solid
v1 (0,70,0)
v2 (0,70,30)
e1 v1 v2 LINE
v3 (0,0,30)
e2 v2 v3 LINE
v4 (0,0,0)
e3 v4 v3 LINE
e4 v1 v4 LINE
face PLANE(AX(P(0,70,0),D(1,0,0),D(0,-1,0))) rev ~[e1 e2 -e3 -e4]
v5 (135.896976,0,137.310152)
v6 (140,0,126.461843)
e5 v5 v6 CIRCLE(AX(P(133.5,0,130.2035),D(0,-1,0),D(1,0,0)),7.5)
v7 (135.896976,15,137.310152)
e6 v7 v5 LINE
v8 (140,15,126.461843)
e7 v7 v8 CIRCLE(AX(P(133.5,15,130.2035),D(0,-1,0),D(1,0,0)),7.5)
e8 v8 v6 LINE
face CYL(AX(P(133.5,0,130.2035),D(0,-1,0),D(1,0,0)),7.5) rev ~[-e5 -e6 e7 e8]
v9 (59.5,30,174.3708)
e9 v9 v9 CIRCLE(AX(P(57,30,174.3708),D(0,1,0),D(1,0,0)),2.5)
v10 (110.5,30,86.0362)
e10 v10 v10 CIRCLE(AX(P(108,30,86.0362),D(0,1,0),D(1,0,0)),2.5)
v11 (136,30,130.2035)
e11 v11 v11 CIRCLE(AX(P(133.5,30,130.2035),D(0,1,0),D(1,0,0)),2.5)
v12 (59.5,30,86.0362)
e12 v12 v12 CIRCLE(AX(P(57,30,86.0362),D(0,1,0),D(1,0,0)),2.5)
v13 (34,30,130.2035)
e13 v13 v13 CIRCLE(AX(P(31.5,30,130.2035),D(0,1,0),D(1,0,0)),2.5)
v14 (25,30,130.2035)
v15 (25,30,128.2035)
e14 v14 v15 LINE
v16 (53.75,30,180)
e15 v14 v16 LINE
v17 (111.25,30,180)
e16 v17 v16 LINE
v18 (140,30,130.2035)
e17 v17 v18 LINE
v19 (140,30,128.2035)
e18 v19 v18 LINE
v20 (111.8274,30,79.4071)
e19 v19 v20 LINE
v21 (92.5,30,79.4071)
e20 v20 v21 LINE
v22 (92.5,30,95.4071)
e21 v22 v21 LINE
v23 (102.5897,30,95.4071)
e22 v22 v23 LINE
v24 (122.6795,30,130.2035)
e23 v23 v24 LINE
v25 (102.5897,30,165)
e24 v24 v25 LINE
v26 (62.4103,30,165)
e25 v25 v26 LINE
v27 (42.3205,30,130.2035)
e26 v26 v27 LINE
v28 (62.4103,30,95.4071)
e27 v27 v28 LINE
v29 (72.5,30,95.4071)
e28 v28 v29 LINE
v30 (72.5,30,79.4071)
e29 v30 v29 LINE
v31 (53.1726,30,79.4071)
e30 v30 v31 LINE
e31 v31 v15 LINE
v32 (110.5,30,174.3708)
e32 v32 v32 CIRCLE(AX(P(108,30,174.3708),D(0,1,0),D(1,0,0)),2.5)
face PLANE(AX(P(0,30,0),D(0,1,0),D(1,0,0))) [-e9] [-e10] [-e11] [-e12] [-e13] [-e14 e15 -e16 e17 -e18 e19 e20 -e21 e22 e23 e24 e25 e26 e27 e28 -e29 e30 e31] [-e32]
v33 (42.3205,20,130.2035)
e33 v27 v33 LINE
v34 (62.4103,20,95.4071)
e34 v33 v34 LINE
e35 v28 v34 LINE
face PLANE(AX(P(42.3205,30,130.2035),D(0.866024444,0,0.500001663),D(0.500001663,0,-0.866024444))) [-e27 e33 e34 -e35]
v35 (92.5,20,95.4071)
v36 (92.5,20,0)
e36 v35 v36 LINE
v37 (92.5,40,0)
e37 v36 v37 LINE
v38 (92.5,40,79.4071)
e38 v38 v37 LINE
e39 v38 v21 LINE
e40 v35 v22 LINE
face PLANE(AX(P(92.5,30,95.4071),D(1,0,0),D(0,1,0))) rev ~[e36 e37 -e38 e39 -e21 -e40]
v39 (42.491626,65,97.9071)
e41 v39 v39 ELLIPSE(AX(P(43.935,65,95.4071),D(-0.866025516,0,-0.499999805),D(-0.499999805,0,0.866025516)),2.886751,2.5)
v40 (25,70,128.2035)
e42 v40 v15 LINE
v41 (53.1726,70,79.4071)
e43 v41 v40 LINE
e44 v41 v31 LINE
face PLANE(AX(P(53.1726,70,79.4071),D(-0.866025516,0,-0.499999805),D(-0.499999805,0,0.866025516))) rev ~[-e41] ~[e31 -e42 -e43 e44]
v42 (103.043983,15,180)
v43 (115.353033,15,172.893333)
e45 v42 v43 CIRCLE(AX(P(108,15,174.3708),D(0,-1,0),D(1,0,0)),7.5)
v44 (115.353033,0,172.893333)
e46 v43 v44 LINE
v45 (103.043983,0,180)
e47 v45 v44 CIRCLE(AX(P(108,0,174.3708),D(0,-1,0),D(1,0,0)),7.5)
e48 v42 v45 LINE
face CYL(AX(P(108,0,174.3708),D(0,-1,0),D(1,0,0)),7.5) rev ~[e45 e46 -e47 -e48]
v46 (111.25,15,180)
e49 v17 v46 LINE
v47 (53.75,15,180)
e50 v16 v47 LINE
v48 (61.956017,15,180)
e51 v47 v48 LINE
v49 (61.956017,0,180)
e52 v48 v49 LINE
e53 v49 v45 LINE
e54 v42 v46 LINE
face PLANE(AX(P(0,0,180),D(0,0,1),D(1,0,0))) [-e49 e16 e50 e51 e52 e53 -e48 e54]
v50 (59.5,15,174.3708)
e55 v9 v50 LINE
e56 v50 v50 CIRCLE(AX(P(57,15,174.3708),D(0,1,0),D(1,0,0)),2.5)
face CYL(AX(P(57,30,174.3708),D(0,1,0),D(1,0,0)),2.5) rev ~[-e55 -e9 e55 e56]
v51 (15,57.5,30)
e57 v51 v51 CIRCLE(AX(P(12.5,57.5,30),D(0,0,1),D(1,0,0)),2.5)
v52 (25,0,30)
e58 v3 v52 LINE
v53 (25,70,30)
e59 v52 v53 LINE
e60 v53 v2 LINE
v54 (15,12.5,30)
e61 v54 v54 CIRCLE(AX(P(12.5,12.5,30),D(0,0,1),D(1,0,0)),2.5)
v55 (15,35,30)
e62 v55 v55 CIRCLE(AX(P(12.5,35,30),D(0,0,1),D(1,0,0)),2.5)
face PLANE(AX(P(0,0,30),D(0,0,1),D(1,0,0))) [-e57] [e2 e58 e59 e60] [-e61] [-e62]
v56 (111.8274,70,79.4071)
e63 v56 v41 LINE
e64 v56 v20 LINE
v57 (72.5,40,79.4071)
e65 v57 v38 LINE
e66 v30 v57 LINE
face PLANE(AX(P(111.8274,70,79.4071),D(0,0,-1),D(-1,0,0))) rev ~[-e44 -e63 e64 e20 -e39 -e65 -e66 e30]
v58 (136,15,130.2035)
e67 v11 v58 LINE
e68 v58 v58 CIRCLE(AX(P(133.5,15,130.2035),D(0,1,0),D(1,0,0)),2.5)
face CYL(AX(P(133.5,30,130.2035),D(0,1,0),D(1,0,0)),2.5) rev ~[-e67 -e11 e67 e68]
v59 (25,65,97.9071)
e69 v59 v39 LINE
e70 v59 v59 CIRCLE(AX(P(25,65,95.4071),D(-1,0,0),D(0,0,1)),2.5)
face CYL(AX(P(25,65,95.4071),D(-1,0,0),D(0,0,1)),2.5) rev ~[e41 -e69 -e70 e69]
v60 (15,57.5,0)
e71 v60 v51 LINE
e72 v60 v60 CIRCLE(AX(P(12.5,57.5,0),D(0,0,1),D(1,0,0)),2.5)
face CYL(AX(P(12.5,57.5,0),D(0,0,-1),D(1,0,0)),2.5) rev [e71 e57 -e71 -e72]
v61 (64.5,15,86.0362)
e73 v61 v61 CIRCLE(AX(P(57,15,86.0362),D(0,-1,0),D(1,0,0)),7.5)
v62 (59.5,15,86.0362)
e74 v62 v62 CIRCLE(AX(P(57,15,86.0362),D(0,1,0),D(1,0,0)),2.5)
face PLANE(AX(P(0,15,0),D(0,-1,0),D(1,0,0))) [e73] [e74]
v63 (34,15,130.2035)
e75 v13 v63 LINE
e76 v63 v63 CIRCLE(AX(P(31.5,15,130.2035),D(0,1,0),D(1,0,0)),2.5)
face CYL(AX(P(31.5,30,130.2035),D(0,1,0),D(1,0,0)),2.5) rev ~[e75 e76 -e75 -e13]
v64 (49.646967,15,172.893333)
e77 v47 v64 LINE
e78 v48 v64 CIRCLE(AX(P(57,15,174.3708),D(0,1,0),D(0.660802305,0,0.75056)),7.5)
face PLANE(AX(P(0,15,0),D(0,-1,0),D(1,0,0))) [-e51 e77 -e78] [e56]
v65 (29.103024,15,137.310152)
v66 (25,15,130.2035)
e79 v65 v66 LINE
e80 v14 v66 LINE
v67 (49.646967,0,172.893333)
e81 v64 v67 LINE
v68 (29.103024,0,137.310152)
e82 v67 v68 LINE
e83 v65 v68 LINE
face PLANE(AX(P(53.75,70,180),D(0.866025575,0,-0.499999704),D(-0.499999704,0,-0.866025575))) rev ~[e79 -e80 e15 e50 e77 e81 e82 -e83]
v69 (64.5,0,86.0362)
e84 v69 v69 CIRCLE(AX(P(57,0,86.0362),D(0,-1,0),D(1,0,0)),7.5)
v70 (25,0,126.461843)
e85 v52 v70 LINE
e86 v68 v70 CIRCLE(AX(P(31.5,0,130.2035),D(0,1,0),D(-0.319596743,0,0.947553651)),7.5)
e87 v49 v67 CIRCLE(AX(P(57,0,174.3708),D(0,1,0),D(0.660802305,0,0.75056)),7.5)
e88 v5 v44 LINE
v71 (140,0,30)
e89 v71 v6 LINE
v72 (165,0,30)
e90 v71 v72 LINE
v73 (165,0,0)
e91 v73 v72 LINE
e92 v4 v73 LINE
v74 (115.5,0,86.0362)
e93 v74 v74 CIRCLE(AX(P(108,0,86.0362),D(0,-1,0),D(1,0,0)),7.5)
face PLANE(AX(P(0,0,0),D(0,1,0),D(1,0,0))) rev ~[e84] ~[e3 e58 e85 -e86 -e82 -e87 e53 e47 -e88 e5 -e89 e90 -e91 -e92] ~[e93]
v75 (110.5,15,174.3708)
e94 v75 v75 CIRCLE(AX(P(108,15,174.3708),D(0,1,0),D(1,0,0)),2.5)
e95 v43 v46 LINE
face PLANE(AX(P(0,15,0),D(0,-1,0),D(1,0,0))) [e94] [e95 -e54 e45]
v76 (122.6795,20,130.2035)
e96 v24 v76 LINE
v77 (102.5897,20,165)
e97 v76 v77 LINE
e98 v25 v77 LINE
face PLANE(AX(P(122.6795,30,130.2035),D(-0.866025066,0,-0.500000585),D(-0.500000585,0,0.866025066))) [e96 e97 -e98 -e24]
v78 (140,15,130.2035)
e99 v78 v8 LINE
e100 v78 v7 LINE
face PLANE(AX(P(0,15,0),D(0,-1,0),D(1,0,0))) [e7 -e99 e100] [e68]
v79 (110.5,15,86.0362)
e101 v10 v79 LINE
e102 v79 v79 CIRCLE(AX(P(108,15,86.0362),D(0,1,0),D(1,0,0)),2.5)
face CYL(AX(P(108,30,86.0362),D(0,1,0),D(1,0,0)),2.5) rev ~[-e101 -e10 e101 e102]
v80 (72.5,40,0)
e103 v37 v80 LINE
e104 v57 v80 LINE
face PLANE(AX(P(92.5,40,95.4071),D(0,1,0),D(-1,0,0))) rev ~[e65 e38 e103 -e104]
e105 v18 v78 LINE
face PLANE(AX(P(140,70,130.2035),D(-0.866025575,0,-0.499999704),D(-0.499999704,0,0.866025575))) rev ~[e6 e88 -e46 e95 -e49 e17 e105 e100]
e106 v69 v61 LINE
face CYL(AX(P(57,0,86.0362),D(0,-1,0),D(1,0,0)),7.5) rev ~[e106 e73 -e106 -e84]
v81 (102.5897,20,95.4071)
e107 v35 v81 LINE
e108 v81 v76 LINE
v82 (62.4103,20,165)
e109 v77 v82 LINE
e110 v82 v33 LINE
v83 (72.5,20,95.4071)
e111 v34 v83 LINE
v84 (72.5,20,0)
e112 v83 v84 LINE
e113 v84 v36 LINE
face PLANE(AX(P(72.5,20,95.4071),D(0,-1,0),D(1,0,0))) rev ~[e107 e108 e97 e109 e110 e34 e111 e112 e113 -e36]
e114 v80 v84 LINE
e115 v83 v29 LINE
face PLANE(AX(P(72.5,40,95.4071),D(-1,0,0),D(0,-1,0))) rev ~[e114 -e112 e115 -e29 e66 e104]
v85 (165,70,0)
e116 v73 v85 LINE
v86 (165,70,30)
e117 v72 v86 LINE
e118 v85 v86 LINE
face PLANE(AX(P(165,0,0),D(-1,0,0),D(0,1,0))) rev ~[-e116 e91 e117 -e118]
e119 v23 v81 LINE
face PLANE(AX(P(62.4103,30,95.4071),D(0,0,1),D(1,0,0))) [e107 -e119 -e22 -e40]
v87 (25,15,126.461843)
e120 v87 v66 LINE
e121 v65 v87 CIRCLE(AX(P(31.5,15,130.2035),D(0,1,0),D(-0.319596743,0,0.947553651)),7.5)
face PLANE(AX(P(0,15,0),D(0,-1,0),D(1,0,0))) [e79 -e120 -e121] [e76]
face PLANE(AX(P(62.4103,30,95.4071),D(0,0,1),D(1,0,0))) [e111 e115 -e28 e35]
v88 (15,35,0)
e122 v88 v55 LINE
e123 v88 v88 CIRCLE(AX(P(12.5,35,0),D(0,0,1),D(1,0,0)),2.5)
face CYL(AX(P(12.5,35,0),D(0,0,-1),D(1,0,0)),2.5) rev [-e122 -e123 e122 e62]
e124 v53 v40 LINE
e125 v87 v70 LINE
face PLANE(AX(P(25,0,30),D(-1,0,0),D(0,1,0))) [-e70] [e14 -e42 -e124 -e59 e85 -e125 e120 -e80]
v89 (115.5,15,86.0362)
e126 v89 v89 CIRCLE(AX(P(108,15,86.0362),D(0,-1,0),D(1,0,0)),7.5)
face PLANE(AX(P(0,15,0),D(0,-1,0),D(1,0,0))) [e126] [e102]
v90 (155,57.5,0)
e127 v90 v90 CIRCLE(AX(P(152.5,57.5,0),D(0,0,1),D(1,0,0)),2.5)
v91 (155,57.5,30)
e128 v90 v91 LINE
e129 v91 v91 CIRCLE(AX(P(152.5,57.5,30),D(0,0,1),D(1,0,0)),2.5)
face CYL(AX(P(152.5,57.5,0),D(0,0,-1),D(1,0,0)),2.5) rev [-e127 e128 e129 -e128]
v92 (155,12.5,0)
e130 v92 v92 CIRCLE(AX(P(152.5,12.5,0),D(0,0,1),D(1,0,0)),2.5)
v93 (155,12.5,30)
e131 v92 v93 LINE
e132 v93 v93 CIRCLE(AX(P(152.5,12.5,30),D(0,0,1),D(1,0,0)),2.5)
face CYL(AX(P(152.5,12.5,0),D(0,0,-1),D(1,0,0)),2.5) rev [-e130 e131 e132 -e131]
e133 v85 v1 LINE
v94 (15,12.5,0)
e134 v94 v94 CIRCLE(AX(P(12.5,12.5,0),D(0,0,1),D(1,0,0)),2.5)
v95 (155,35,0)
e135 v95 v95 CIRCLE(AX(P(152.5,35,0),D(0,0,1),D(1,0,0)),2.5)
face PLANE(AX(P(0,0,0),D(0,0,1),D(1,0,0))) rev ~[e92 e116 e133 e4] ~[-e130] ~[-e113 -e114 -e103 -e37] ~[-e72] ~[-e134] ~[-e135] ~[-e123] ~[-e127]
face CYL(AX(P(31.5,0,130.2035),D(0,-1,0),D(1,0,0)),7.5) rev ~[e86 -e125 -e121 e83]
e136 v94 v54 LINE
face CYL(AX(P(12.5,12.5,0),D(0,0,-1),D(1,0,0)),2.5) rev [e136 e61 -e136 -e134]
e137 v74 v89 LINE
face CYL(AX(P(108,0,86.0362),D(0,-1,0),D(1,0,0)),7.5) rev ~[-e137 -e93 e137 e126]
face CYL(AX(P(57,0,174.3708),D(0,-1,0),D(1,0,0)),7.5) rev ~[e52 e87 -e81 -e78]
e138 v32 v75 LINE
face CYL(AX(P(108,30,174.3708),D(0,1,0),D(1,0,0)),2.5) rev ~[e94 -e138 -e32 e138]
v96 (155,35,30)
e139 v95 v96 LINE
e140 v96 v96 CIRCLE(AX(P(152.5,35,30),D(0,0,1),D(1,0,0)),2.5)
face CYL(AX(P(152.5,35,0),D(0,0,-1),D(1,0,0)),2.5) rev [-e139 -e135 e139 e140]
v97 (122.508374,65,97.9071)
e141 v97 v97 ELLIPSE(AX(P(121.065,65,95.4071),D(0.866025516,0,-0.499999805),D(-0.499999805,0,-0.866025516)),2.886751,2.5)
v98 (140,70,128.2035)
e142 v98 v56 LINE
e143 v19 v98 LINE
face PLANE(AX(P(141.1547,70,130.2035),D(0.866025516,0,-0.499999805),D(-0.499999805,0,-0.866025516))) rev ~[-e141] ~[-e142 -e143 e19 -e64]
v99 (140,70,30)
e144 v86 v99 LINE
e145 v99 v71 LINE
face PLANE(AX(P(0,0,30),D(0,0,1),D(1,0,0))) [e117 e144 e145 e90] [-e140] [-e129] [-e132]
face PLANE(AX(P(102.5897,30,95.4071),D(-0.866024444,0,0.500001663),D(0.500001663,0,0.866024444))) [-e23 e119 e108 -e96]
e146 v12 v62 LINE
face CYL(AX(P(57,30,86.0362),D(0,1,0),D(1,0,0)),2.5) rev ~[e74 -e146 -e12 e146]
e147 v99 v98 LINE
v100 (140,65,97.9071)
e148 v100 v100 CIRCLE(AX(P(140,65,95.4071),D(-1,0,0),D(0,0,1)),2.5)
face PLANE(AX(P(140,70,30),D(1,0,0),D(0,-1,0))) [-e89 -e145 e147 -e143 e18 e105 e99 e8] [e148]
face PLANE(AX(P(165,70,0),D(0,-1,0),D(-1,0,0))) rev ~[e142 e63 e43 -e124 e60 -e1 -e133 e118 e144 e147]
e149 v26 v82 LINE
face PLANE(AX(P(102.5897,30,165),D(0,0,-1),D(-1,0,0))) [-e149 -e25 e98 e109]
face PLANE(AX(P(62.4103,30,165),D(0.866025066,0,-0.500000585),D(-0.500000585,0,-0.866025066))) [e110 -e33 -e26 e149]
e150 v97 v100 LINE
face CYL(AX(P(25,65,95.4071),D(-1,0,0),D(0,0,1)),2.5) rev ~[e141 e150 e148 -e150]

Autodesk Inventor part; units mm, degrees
ref_plane "YZ Plane" through (0, 0, 0) normal (1, 0, 0) x (0, 1, 0)
ref_plane "XZ Plane" through (0, 0, 0) normal (0, 1, 0) x (-1, 0, 0)
ref_plane "XY Plane" through (0, 0, 0) normal (0, 0, 1) x (1, 0, 0)
sketch "Sketch24" plane through (0, 0, 0) normal (0, 0, 1) x (1, 0, 0)
  line L0 (0, 0) -> (165, 0)
  line L1 (165, 0) -> (165, 70)
  line L2 (165, 70) -> (0, 70)
  line L3 (0, 70) -> (0, 0)
  circle A0 centre (12.5, 57.5) radius 2.5
  circle A1 centre (12.5, 35) radius 2.5
  circle A2 centre (12.5, 12.5) radius 2.5
  line L4 (12.5, 57.5) -> (12.5, 12.5) construction
  line L5 (82.5, 70) -> (82.5, 0) construction
  circle A3 centre (152.5, 57.5) radius 2.5
  circle A4 centre (152.5, 35) radius 2.5
  circle A5 centre (152.5, 12.5) radius 2.5
  line L6 (152.5, 57.5) -> (152.5, 12.5) construction
  point P0 (0, 35)
  dimension "d100" = 165
  dimension "d101" = 70
  dimension "d102" = 5
  dimension "d103" = 5
  dimension "d104" = 5
  dimension "d105" = 45
  dimension "d106" = 12.5
extrude "Extrusion21" add sketch "Sketch24" along normal blind 30
sketch "Sketch25" plane through (0, 0, 30) normal (0, 0, 1) x (1, 0, 0)
  line L0 (165, 70) -> (0, 70) projected
  line L1 (0, 0) -> (165, 0) projected
  line L2 (25, 70) -> (140, 70)
  line L3 (140, 70) -> (140, 0)
  line L4 (140, 0) -> (25, 0)
  line L5 (25, 0) -> (25, 70)
  point P0 (82.5, 70)
  dimension "d109" = 115
extrude "Extrusion22" add sketch "Sketch25" along normal blind 150
sketch "Sketch26" plane through (0, 70, 0) normal (0, 1, 0) x (1, 0, 0)
  line L0 (25, -30) -> (25, -180) projected
  line L1 (25, -130.2035) -> (53.75, -80.4071)
  line L2 (53.75, -80.4071) -> (111.25, -80.4071)
  line L3 (111.25, -80.4071) -> (140, -130.2035)
  line L4 (140, -130.2035) -> (111.25, -180)
  line L5 (111.25, -180) -> (53.75, -180)
  line L6 (53.75, -180) -> (25, -130.2035)
  line L7 (140, -30) -> (140, -180) projected
  line L8 (140, -180) -> (25, -180) projected
  point P0 (0, 0)
  point P1 (82.5, -130.2035)
  point P2 (82.5, -180)
extrude "Extrusion23" cut sketch "Sketch26" against normal through all contours L6 L8 L0 | L4 L7 L8
sketch "Sketch27" plane through (0, 70, 0) normal (0, 1, 0) x (1, 0, 0)
  line L0 (25, -130.2035) -> (53.75, -180) projected
  line L1 (111.25, -180) -> (53.75, -180) projected
  line L2 (111.25, -180) -> (140, -130.2035) projected
  line L3 (53.75, -180) -> (25, -130.2035)
  line L4 (25, -130.2035) -> (53.75, -80.4071)
  line L5 (53.75, -80.4071) -> (111.25, -80.4071)
  line L6 (111.25, -80.4071) -> (140, -130.2035)
  line L7 (140, -130.2035) -> (111.25, -180)
  line L8 (111.25, -180) -> (53.75, -180)
  line L9 (53.1726, -79.4071) -> (23.8453, -130.2035)
  line L10 (23.8453, -130.2035) -> (53.1726, -181)
  line L11 (53.1726, -181) -> (111.8274, -181)
  line L12 (111.8274, -181) -> (141.1547, -130.2035)
  line L13 (141.1547, -130.2035) -> (111.8274, -79.4071)
  line L14 (111.8274, -79.4071) -> (53.1726, -79.4071)
  point P0 (0, 0)
  point P1 (82.5, -130.2035)
  dimension "d114" = 1
extrude "Extrusion24" cut sketch "Sketch27" against normal blind 40 contours L4 L5 L6 L2 L1 L0 | L14 L13 L12 L11 L10 L9
sketch "Sketch28" plane through (0, 30, 0) normal (0, 1, 0) x (1, 0, 0)
  circle A0 centre (31.5, -130.2035) radius 2.5
  line L0 (53.75, -180) -> (25, -130.2035) projected
  line L1 (140, -128.2035) -> (140, -130.2035) construction
  line L2 (25, -130.2035) -> (140, -130.2035) construction
  circle A1 centre (82.5, -130.2035) radius 2.5 construction
  circle A2 centre (133.5, -130.2035) radius 2.5 construction
  line L3 (31.5, -130.2035) -> (133.5, -130.2035) construction
  circle A3 centre (57, -174.3708) radius 2.5
  circle A4 centre (108, -174.3708) radius 2.5
  circle A5 centre (133.5, -130.2035) radius 2.5
  circle A6 centre (108, -86.0362) radius 2.5
  circle A7 centre (57, -86.0362) radius 2.5
  point P0 (0, 0)
  dimension "d117" = 5
  dimension "d118" = 5
  dimension "d119" = 5
  dimension "d120" = 102
  dimension "d123" = 360
extrude "Extrusion25" cut sketch "Sketch28" against normal through all
sketch "Sketch29" plane through (0, 0, 0) normal (0, -1, 0) x (1, 0, 0)
  circle A0 centre (57, 174.3708) radius 2.5 construction
  circle A1 centre (108, 86.0362) radius 2.5 construction
  line L0 (57, 174.3708) -> (108, 86.0362) construction
  circle A2 centre (57, 174.3708) radius 7.5
  line L1 (31.5, 130.2035) -> (133.5, 130.2035) construction
  circle A3 centre (31.5, 130.2035) radius 7.5
  line L2 (57, 86.0362) -> (108, 174.3708) construction
  circle A4 centre (57, 86.0362) radius 7.5
  line L3 (108, 86.0362) -> (57, 174.3708) construction
  circle A5 centre (108, 86.0362) radius 7.5
  line L4 (133.5, 130.2035) -> (31.5, 130.2035) construction
  circle A6 centre (133.5, 130.2035) radius 7.5
  line L5 (108, 174.3708) -> (57, 86.0362) construction
  circle A7 centre (108, 174.3708) radius 7.5
  point P0 (0, 0)
  point P1 (82.5, 130.2035)
  point P2 (82.5, 130.2035)
  point P3 (82.5, 130.2035)
  point P4 (82.5, 130.2035)
  point P5 (82.5, 130.2035)
  point P6 (82.5, 130.2035)
  dimension "d127" = 15
  dimension "d130" = 360
extrude "Extrusion26" cut sketch "Sketch29" against normal blind 15
sketch "Sketch30" plane through (0, 30, 0) normal (0, 1, 0) x (1, 0, 0)
  line L0 (53.75, -180) -> (25, -130.2035) construction
  line L1 (111.25, -180) -> (53.75, -180) construction
  line L2 (140, -130.2035) -> (111.25, -180) construction
  circle A0 centre (133.5, -130.2035) radius 2.5 construction
  circle A1 centre (31.5, -130.2035) radius 2.5 construction
  circle A2 centre (133.5, -130.2035) radius 2.5 construction
  line L3 (31.5, -130.2035) -> (133.5, -130.2035) construction
  line L4 (102.5897, -165) -> (62.4103, -165)
  line L5 (62.4103, -165) -> (42.3205, -130.2035)
  line L6 (42.3205, -130.2035) -> (62.4103, -95.4071)
  line L7 (62.4103, -95.4071) -> (102.5897, -95.4071)
  line L8 (102.5897, -95.4071) -> (122.6795, -130.2035)
  line L9 (122.6795, -130.2035) -> (102.5897, -165)
  point P0 (0, 0)
  point P1 (82.5, -130.2035)
  point P2 (82.5, -130.2035)
  dimension "d134" = 15
extrude "Extrusion27" cut sketch "Sketch30" against normal blind 10
sketch "Sketch31" plane through (62.4103, 30, 95.4071) normal (0, 0, 1) x (1, 0, 0)
  line L0 (-9.2376, 40) -> (49.4171, 40) projected
  line L1 (-9.2376, 40) -> (-9.2376, 0) projected
  line L2 (-9.2376, 0) -> (49.4171, 0) projected
  line L3 (49.4171, 40) -> (49.4171, 0) projected
  line L4 (0, 0) -> (40.1795, 0) projected
  line L5 (0, 0) -> (0, -10) projected
  line L6 (0, -10) -> (40.1795, -10) projected
  line L7 (40.1795, 0) -> (40.1795, -10) projected
  line L8 (10.0897, -10) -> (30.0897, -10)
  line L9 (30.0897, -10) -> (30.0897, 10)
  line L10 (30.0897, 10) -> (10.0897, 10)
  line L11 (10.0897, 10) -> (10.0897, -10)
  point P0 (-62.4103, -30)
  point P1 (20.0897, -10)
  dimension "d137" = 20
  dimension "d138" = 20
extrude "Extrusion28" cut sketch "Sketch31" against normal through all contours L11 L10 L9 L2 | L2 L9 L6 L11
sketch "Sketch32" plane through (25, 0, 30) normal (-1, 0, 0) x (0, 0, 1)
  circle A0 centre (65.4071, 65) radius 2.5
  line L0 (0, 70) -> (98.2035, 70) projected
  point P0 (-30, 0)
  point P1 (49.4071, 70)
  dimension "d141" = 5
  dimension "d142" = 5
  dimension "d143" = 16
extrude "Extrusion29" cut sketch "Sketch32" against normal through all
properties part number "TARM01" material "ABS Plastic"
